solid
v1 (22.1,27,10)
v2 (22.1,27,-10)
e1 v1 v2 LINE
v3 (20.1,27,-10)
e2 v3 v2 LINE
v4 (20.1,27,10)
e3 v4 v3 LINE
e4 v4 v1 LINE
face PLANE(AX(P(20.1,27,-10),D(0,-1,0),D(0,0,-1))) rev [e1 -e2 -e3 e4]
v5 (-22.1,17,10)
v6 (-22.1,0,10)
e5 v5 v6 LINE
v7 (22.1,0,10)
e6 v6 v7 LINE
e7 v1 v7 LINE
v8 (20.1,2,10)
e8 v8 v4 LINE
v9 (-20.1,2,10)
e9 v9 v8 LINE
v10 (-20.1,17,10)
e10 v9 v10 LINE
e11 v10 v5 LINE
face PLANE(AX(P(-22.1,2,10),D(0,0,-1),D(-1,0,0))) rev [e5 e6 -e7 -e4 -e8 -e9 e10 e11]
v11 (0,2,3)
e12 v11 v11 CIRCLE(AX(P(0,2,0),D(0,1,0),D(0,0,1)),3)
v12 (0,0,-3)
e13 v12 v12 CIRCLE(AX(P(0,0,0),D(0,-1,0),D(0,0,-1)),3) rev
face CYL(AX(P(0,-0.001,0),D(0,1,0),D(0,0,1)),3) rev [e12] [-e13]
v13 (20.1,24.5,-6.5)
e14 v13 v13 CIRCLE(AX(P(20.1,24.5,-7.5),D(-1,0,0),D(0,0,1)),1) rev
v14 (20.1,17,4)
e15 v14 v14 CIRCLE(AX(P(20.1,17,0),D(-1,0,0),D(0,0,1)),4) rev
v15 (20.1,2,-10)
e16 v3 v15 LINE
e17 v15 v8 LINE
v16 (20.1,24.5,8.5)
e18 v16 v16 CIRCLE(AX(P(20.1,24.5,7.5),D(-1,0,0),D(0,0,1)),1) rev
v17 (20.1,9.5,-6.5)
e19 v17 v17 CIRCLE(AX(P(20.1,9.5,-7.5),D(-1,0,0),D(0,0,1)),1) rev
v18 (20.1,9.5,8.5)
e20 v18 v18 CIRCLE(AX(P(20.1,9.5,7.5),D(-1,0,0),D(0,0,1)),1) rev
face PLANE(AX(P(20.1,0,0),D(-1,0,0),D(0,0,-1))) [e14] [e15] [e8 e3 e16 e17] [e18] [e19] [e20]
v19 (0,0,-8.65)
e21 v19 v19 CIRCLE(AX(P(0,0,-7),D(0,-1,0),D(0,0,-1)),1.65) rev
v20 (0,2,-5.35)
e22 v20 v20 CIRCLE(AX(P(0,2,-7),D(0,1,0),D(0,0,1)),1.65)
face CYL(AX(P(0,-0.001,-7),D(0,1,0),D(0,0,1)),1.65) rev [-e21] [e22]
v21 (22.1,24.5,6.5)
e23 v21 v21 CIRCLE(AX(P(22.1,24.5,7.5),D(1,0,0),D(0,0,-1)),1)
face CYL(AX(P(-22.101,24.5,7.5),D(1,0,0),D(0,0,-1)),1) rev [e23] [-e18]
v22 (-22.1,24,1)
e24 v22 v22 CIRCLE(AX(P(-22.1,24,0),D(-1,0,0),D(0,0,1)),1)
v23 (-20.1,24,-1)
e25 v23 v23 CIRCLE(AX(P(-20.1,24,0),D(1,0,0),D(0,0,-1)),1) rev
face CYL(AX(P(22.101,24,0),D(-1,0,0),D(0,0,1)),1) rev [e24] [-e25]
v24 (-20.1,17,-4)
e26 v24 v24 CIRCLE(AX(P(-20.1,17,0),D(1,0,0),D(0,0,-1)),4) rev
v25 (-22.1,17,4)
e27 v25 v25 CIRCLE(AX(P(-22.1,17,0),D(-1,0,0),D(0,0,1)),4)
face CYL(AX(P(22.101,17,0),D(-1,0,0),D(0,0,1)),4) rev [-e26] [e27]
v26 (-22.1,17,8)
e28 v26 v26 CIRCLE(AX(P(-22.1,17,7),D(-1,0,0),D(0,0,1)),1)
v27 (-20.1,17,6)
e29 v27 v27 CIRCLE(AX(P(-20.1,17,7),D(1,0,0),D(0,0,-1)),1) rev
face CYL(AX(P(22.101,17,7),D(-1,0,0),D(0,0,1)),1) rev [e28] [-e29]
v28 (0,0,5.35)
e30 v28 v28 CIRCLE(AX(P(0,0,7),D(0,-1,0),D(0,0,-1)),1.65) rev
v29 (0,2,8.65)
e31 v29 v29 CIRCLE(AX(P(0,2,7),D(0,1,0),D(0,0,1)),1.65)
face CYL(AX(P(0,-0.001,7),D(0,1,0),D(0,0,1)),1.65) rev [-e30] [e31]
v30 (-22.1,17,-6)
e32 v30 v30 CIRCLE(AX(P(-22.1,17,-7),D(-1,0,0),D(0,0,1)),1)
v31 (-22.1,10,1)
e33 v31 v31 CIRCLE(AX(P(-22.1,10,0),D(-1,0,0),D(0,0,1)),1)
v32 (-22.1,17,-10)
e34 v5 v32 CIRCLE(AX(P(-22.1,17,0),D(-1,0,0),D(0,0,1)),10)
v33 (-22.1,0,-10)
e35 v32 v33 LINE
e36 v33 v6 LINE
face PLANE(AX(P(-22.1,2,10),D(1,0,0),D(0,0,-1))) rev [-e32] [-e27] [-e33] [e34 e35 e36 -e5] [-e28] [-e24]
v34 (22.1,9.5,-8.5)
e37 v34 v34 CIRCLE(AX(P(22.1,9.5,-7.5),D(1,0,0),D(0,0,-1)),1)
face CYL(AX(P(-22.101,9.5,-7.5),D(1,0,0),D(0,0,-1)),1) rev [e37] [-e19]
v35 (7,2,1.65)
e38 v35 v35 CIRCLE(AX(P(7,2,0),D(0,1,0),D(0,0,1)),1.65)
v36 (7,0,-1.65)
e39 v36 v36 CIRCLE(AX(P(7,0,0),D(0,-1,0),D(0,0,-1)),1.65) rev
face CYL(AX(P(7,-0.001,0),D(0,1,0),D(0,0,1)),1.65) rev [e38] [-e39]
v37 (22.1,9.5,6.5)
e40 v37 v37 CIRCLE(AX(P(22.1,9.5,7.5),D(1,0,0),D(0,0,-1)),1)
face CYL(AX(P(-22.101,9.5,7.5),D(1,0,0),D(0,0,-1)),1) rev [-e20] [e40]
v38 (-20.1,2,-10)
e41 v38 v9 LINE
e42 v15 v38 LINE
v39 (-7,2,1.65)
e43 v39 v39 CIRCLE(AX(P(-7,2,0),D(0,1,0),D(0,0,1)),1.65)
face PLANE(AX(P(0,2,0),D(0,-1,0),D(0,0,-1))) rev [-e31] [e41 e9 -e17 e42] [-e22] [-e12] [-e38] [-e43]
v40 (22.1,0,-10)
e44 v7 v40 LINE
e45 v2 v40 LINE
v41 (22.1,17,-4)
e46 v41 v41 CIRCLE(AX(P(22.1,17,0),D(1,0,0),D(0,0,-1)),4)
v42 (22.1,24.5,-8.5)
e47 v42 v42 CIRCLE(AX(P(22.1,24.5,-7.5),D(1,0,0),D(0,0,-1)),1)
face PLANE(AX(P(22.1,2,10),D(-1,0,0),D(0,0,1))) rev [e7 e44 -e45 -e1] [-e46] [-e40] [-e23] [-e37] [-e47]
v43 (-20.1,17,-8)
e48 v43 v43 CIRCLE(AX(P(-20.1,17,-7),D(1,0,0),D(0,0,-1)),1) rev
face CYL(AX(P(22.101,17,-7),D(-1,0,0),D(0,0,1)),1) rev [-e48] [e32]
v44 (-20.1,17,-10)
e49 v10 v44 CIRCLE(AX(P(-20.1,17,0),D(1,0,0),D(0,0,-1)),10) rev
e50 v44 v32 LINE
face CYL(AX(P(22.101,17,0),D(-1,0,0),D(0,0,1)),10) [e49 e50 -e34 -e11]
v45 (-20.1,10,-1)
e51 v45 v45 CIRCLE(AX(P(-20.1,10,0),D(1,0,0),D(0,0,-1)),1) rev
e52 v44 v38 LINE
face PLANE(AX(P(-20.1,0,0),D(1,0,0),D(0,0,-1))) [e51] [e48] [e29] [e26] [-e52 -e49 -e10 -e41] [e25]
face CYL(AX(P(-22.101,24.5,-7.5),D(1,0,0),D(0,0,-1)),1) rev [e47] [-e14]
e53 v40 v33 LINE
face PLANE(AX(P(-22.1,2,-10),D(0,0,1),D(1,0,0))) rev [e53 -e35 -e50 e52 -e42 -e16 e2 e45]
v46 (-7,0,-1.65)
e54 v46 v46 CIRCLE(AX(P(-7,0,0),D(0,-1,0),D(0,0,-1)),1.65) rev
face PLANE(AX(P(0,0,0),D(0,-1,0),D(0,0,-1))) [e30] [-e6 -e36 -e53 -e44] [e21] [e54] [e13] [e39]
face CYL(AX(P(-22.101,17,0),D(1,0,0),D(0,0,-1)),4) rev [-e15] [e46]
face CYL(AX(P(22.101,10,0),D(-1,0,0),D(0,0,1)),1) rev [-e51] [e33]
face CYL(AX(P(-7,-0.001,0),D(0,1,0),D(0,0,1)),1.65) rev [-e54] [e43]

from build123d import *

# Parameters (mm, degrees)
SKETCH_1_W          = 44.2
SKETCH_1_H          = 20
EXTRUDE_1_DEPTH     = 2
CUT_EXTRUDE_1_REACH = 26.339
SKETCH_2_R          = 3
SKETCH_2_R_2        = 1.65
SKETCH_3_W          = 20
SKETCH_3_H          = 25
EXTRUDE_2_DEPTH     = 2
CUT_EXTRUDE_2_REACH = 54.751
SKETCH_4_R          = 1
CUT_EXTRUDE_3_REACH = 54.751
SKETCH_5_R          = 4
SKETCH_5_R_2        = 1


with BuildPart() as part:
    # 草图1 → 凸台-拉伸1 (new body)
    with BuildSketch(Plane(origin=(0, 0, 0), x_dir=(1, 0, 0), z_dir=(0, 1, 0))):
        Rectangle(SKETCH_1_W, SKETCH_1_H)
    extrude(amount=EXTRUDE_1_DEPTH)

    # 草图2 → 切除-拉伸1 (cut, up to next)
    with BuildSketch(Plane(origin=(0, 2, 0), x_dir=(1, 0, 0), z_dir=(0, 1, 0)), mode=Mode.PRIVATE) as cut_extrude_1_sk1:
        with Locations(Location((0, 0, 0), (0, 0, 270))):
            Circle(SKETCH_2_R)
    cut_extrude_1_tool1 = extrude(cut_extrude_1_sk1.sketch, amount=-CUT_EXTRUDE_1_REACH, mode=Mode.PRIVATE) & part.part
    # 草图2 → 切除-拉伸1 (cut, up to next)
    with BuildSketch(Plane(origin=(0, 2, 0), x_dir=(1, 0, 0), z_dir=(0, 1, 0)), mode=Mode.PRIVATE) as cut_extrude_1_sk2:
        with Locations(Location((0, 7, 0), (0, 0, 270))):
            Circle(SKETCH_2_R_2)
    cut_extrude_1_tool2 = extrude(cut_extrude_1_sk2.sketch, amount=-CUT_EXTRUDE_1_REACH, mode=Mode.PRIVATE) & part.part
    # 草图2 → 切除-拉伸1 (cut, up to next)
    with BuildSketch(Plane(origin=(0, 2, 0), x_dir=(1, 0, 0), z_dir=(0, 1, 0)), mode=Mode.PRIVATE) as cut_extrude_1_sk3:
        with Locations(Location((7, 0, 0), (0, 0, 270))):
            Circle(SKETCH_2_R_2)
    cut_extrude_1_tool3 = extrude(cut_extrude_1_sk3.sketch, amount=-CUT_EXTRUDE_1_REACH, mode=Mode.PRIVATE) & part.part
    # 草图2 → 切除-拉伸1 (cut, up to next)
    with BuildSketch(Plane(origin=(0, 2, 0), x_dir=(1, 0, 0), z_dir=(0, 1, 0)), mode=Mode.PRIVATE) as cut_extrude_1_sk4:
        with Locations(Location((0, -7, 0), (0, 0, 270))):
            Circle(SKETCH_2_R_2)
    cut_extrude_1_tool4 = extrude(cut_extrude_1_sk4.sketch, amount=-CUT_EXTRUDE_1_REACH, mode=Mode.PRIVATE) & part.part
    # 草图2 → 切除-拉伸1 (cut, up to next)
    with BuildSketch(Plane(origin=(0, 2, 0), x_dir=(1, 0, 0), z_dir=(0, 1, 0)), mode=Mode.PRIVATE) as cut_extrude_1_sk5:
        with Locations(Location((-7, 0, 0), (0, 0, 270))):
            Circle(SKETCH_2_R_2)
    cut_extrude_1_tool5 = extrude(cut_extrude_1_sk5.sketch, amount=-CUT_EXTRUDE_1_REACH, mode=Mode.PRIVATE) & part.part
    add(cut_extrude_1_tool1.solids().sort_by_distance((0, 2, 0))[0], mode=Mode.SUBTRACT)
    add(cut_extrude_1_tool2.solids().sort_by_distance((0, 2, -7))[0], mode=Mode.SUBTRACT)
    add(cut_extrude_1_tool3.solids().sort_by_distance((7, 2, 0))[0], mode=Mode.SUBTRACT)
    add(cut_extrude_1_tool4.solids().sort_by_distance((0, 2, 7))[0], mode=Mode.SUBTRACT)
    add(cut_extrude_1_tool5.solids().sort_by_distance((-7, 2, 0))[0], mode=Mode.SUBTRACT)

    # 草图3 → 凸台-拉伸2 (add)
    with BuildSketch(Plane.ZY.offset(22.1)):
        with Locations((0, 14.5)):
            Rectangle(SKETCH_3_W, SKETCH_3_H)
    extrude_2 = extrude(amount=-EXTRUDE_2_DEPTH)

    # 镜向2: 凸台-拉伸2 across plane
    add(extrude_2.mirror(Plane.ZY))

    # 草图4 → 切除-拉伸2 (cut, up to next)
    with BuildSketch(Plane.ZY.offset(22.1), mode=Mode.PRIVATE) as cut_extrude_2_sk1:
        with BuildLine():
            ThreePointArc((-10, 17), (-7.071067812, 24.071067812), (0, 27))
            Line((0, 27), (-10, 27))
            Line((-10, 27), (-10, 17))
        make_face()
    cut_extrude_2_tool1 = extrude(cut_extrude_2_sk1.sketch, amount=-CUT_EXTRUDE_2_REACH, mode=Mode.PRIVATE) & part.part
    # 草图4 → 切除-拉伸2 (cut, up to next)
    with BuildSketch(Plane.ZY.offset(22.1), mode=Mode.PRIVATE) as cut_extrude_2_sk2:
        with BuildLine():
            Line((10, 27), (0, 27))
            ThreePointArc((0, 27), (7.071067812, 24.071067812), (10, 17))
            Line((10, 17), (10, 27))
        make_face()
    cut_extrude_2_tool2 = extrude(cut_extrude_2_sk2.sketch, amount=-CUT_EXTRUDE_2_REACH, mode=Mode.PRIVATE) & part.part
    # 草图4 → 切除-拉伸2 (cut, up to next)
    with BuildSketch(Plane.ZY.offset(22.1), mode=Mode.PRIVATE) as cut_extrude_2_sk3:
        with BuildLine():
            ThreePointArc((1, 10), (0.707106781, 10.707106781), (0, 11))
            Line((0, 11), (0, 9))
            ThreePointArc((0, 9), (0.707106781, 9.292893219), (1, 10))
        make_face()
    cut_extrude_2_tool3 = extrude(cut_extrude_2_sk3.sketch, amount=-CUT_EXTRUDE_2_REACH, mode=Mode.PRIVATE) & part.part
    # 草图4 → 切除-拉伸2 (cut, up to next)
    with BuildSketch(Plane.ZY.offset(22.1), mode=Mode.PRIVATE) as cut_extrude_2_sk4:
        with BuildLine():
            Line((0, 9), (0, 11))
            ThreePointArc((0, 11), (-1, 10), (0, 9))
        make_face()
    cut_extrude_2_tool4 = extrude(cut_extrude_2_sk4.sketch, amount=-CUT_EXTRUDE_2_REACH, mode=Mode.PRIVATE) & part.part
    # 草图4 → 切除-拉伸2 (cut, up to next)
    with BuildSketch(Plane.ZY.offset(22.1), mode=Mode.PRIVATE) as cut_extrude_2_sk5:
        with BuildLine():
            ThreePointArc((1, 10), (0.707106781, 10.707106781), (0, 11))
            Line((0, 11), (0, 9))
            ThreePointArc((0, 9), (0.707106781, 9.292893219), (1, 10))
        make_face()
    cut_extrude_2_tool5 = extrude(cut_extrude_2_sk5.sketch, amount=-CUT_EXTRUDE_2_REACH, mode=Mode.PRIVATE) & part.part
    # 草图4 → 切除-拉伸2 (cut, up to next)
    with BuildSketch(Plane.ZY.offset(22.1), mode=Mode.PRIVATE) as cut_extrude_2_sk6:
        with BuildLine():
            Line((0, 9), (0, 11))
            ThreePointArc((0, 11), (-1, 10), (0, 9))
        make_face()
    cut_extrude_2_tool6 = extrude(cut_extrude_2_sk6.sketch, amount=-CUT_EXTRUDE_2_REACH, mode=Mode.PRIVATE) & part.part
    # 草图4 → 切除-拉伸2 (cut, up to next)
    with BuildSketch(Plane.ZY.offset(22.1), mode=Mode.PRIVATE) as cut_extrude_2_sk7:
        with BuildLine():
            ThreePointArc((4, 17), (2.828427125, 19.828427125), (0, 21))
            Line((0, 21), (0, 13))
            ThreePointArc((0, 13), (2.828427125, 14.171572875), (4, 17))
        make_face()
    cut_extrude_2_tool7 = extrude(cut_extrude_2_sk7.sketch, amount=-CUT_EXTRUDE_2_REACH, mode=Mode.PRIVATE) & part.part
    # 草图4 → 切除-拉伸2 (cut, up to next)
    with BuildSketch(Plane.ZY.offset(22.1), mode=Mode.PRIVATE) as cut_extrude_2_sk8:
        with BuildLine():
            Line((0, 13), (0, 21))
            ThreePointArc((0, 21), (-4, 17), (0, 13))
        make_face()
    cut_extrude_2_tool8 = extrude(cut_extrude_2_sk8.sketch, amount=-CUT_EXTRUDE_2_REACH, mode=Mode.PRIVATE) & part.part
    # 草图4 → 切除-拉伸2 (cut, up to next)
    with BuildSketch(Plane.ZY.offset(22.1), mode=Mode.PRIVATE) as cut_extrude_2_sk9:
        with BuildLine():
            ThreePointArc((4, 17), (2.828427125, 19.828427125), (0, 21))
            Line((0, 21), (0, 13))
            ThreePointArc((0, 13), (2.828427125, 14.171572875), (4, 17))
        make_face()
    cut_extrude_2_tool9 = extrude(cut_extrude_2_sk9.sketch, amount=-CUT_EXTRUDE_2_REACH, mode=Mode.PRIVATE) & part.part
    # 草图4 → 切除-拉伸2 (cut, up to next)
    with BuildSketch(Plane.ZY.offset(22.1), mode=Mode.PRIVATE) as cut_extrude_2_sk10:
        with BuildLine():
            Line((0, 13), (0, 21))
            ThreePointArc((0, 21), (-4, 17), (0, 13))
        make_face()
    cut_extrude_2_tool10 = extrude(cut_extrude_2_sk10.sketch, amount=-CUT_EXTRUDE_2_REACH, mode=Mode.PRIVATE) & part.part
    # 草图4 → 切除-拉伸2 (cut, up to next)
    with BuildSketch(Plane.ZY.offset(22.1), mode=Mode.PRIVATE) as cut_extrude_2_sk11:
        with Locations((7, 17)):
            Circle(SKETCH_4_R)
    cut_extrude_2_tool11 = extrude(cut_extrude_2_sk11.sketch, amount=-CUT_EXTRUDE_2_REACH, mode=Mode.PRIVATE) & part.part
    # 草图4 → 切除-拉伸2 (cut, up to next)
    with BuildSketch(Plane.ZY.offset(22.1), mode=Mode.PRIVATE) as cut_extrude_2_sk12:
        with Locations((0, 24)):
            Circle(SKETCH_4_R)
    cut_extrude_2_tool12 = extrude(cut_extrude_2_sk12.sketch, amount=-CUT_EXTRUDE_2_REACH, mode=Mode.PRIVATE) & part.part
    # 草图4 → 切除-拉伸2 (cut, up to next)
    with BuildSketch(Plane.ZY.offset(22.1), mode=Mode.PRIVATE) as cut_extrude_2_sk13:
        with Locations((-7, 17)):
            Circle(SKETCH_4_R)
    cut_extrude_2_tool13 = extrude(cut_extrude_2_sk13.sketch, amount=-CUT_EXTRUDE_2_REACH, mode=Mode.PRIVATE) & part.part
    add(cut_extrude_2_tool1.solids().sort_by_distance((-22.1, 24.766321, -7.766321))[0], mode=Mode.SUBTRACT)
    add(cut_extrude_2_tool2.solids().sort_by_distance((-22.1, 24.766321, 7.766321))[0], mode=Mode.SUBTRACT)
    add(cut_extrude_2_tool3.solids().sort_by_distance((-22.1, 10, 0.424413))[0], mode=Mode.SUBTRACT)
    add(cut_extrude_2_tool4.solids().sort_by_distance((-22.1, 10, -0.424413))[0], mode=Mode.SUBTRACT)
    add(cut_extrude_2_tool5.solids().sort_by_distance((-22.1, 10, 0.424413))[0], mode=Mode.SUBTRACT)
    add(cut_extrude_2_tool6.solids().sort_by_distance((-22.1, 10, -0.424413))[0], mode=Mode.SUBTRACT)
    add(cut_extrude_2_tool7.solids().sort_by_distance((-22.1, 17, 1.697653))[0], mode=Mode.SUBTRACT)
    add(cut_extrude_2_tool8.solids().sort_by_distance((-22.1, 17, -1.697653))[0], mode=Mode.SUBTRACT)
    add(cut_extrude_2_tool9.solids().sort_by_distance((-22.1, 17, 1.697653))[0], mode=Mode.SUBTRACT)
    add(cut_extrude_2_tool10.solids().sort_by_distance((-22.1, 17, -1.697653))[0], mode=Mode.SUBTRACT)
    add(cut_extrude_2_tool11.solids().sort_by_distance((-22.1, 17, 7))[0], mode=Mode.SUBTRACT)
    add(cut_extrude_2_tool12.solids().sort_by_distance((-22.1, 24, 0))[0], mode=Mode.SUBTRACT)
    add(cut_extrude_2_tool13.solids().sort_by_distance((-22.1, 17, -7))[0], mode=Mode.SUBTRACT)

    # 草图5 → 切除-拉伸3 (cut, up to next)
    with BuildSketch(Plane(origin=(22.1, 0, 0), x_dir=(0, 0, -1), z_dir=(1, 0, 0)), mode=Mode.PRIVATE) as cut_extrude_3_sk1:
        with Locations(Location((0, 17, 0), (0, 0, 180))):
            Circle(SKETCH_5_R)
    cut_extrude_3_tool1 = extrude(cut_extrude_3_sk1.sketch, amount=-CUT_EXTRUDE_3_REACH, mode=Mode.PRIVATE) & part.part
    # 草图5 → 切除-拉伸3 (cut, up to next)
    with BuildSketch(Plane(origin=(22.1, 0, 0), x_dir=(0, 0, -1), z_dir=(1, 0, 0)), mode=Mode.PRIVATE) as cut_extrude_3_sk2:
        with Locations((-7.5, 24.5)):
            Circle(SKETCH_5_R_2)
    cut_extrude_3_tool2 = extrude(cut_extrude_3_sk2.sketch, amount=-CUT_EXTRUDE_3_REACH, mode=Mode.PRIVATE) & part.part
    # 草图5 → 切除-拉伸3 (cut, up to next)
    with BuildSketch(Plane(origin=(22.1, 0, 0), x_dir=(0, 0, -1), z_dir=(1, 0, 0)), mode=Mode.PRIVATE) as cut_extrude_3_sk3:
        with Locations((7.5, 24.5)):
            Circle(SKETCH_5_R_2)
    cut_extrude_3_tool3 = extrude(cut_extrude_3_sk3.sketch, amount=-CUT_EXTRUDE_3_REACH, mode=Mode.PRIVATE) & part.part
    # 草图5 → 切除-拉伸3 (cut, up to next)
    with BuildSketch(Plane(origin=(22.1, 0, 0), x_dir=(0, 0, -1), z_dir=(1, 0, 0)), mode=Mode.PRIVATE) as cut_extrude_3_sk4:
        with Locations((7.5, 9.5)):
            Circle(SKETCH_5_R_2)
    cut_extrude_3_tool4 = extrude(cut_extrude_3_sk4.sketch, amount=-CUT_EXTRUDE_3_REACH, mode=Mode.PRIVATE) & part.part
    # 草图5 → 切除-拉伸3 (cut, up to next)
    with BuildSketch(Plane(origin=(22.1, 0, 0), x_dir=(0, 0, -1), z_dir=(1, 0, 0)), mode=Mode.PRIVATE) as cut_extrude_3_sk5:
        with Locations((-7.5, 9.5)):
            Circle(SKETCH_5_R_2)
    cut_extrude_3_tool5 = extrude(cut_extrude_3_sk5.sketch, amount=-CUT_EXTRUDE_3_REACH, mode=Mode.PRIVATE) & part.part
    add(cut_extrude_3_tool1.solids().sort_by_distance((22.1, 17, 0))[0], mode=Mode.SUBTRACT)
    add(cut_extrude_3_tool2.solids().sort_by_distance((22.1, 24.5, 7.5))[0], mode=Mode.SUBTRACT)
    add(cut_extrude_3_tool3.solids().sort_by_distance((22.1, 24.5, -7.5))[0], mode=Mode.SUBTRACT)
    add(cut_extrude_3_tool4.solids().sort_by_distance((22.1, 9.5, -7.5))[0], mode=Mode.SUBTRACT)
    add(cut_extrude_3_tool5.solids().sort_by_distance((22.1, 9.5, 7.5))[0], mode=Mode.SUBTRACT)


solid = part.part
